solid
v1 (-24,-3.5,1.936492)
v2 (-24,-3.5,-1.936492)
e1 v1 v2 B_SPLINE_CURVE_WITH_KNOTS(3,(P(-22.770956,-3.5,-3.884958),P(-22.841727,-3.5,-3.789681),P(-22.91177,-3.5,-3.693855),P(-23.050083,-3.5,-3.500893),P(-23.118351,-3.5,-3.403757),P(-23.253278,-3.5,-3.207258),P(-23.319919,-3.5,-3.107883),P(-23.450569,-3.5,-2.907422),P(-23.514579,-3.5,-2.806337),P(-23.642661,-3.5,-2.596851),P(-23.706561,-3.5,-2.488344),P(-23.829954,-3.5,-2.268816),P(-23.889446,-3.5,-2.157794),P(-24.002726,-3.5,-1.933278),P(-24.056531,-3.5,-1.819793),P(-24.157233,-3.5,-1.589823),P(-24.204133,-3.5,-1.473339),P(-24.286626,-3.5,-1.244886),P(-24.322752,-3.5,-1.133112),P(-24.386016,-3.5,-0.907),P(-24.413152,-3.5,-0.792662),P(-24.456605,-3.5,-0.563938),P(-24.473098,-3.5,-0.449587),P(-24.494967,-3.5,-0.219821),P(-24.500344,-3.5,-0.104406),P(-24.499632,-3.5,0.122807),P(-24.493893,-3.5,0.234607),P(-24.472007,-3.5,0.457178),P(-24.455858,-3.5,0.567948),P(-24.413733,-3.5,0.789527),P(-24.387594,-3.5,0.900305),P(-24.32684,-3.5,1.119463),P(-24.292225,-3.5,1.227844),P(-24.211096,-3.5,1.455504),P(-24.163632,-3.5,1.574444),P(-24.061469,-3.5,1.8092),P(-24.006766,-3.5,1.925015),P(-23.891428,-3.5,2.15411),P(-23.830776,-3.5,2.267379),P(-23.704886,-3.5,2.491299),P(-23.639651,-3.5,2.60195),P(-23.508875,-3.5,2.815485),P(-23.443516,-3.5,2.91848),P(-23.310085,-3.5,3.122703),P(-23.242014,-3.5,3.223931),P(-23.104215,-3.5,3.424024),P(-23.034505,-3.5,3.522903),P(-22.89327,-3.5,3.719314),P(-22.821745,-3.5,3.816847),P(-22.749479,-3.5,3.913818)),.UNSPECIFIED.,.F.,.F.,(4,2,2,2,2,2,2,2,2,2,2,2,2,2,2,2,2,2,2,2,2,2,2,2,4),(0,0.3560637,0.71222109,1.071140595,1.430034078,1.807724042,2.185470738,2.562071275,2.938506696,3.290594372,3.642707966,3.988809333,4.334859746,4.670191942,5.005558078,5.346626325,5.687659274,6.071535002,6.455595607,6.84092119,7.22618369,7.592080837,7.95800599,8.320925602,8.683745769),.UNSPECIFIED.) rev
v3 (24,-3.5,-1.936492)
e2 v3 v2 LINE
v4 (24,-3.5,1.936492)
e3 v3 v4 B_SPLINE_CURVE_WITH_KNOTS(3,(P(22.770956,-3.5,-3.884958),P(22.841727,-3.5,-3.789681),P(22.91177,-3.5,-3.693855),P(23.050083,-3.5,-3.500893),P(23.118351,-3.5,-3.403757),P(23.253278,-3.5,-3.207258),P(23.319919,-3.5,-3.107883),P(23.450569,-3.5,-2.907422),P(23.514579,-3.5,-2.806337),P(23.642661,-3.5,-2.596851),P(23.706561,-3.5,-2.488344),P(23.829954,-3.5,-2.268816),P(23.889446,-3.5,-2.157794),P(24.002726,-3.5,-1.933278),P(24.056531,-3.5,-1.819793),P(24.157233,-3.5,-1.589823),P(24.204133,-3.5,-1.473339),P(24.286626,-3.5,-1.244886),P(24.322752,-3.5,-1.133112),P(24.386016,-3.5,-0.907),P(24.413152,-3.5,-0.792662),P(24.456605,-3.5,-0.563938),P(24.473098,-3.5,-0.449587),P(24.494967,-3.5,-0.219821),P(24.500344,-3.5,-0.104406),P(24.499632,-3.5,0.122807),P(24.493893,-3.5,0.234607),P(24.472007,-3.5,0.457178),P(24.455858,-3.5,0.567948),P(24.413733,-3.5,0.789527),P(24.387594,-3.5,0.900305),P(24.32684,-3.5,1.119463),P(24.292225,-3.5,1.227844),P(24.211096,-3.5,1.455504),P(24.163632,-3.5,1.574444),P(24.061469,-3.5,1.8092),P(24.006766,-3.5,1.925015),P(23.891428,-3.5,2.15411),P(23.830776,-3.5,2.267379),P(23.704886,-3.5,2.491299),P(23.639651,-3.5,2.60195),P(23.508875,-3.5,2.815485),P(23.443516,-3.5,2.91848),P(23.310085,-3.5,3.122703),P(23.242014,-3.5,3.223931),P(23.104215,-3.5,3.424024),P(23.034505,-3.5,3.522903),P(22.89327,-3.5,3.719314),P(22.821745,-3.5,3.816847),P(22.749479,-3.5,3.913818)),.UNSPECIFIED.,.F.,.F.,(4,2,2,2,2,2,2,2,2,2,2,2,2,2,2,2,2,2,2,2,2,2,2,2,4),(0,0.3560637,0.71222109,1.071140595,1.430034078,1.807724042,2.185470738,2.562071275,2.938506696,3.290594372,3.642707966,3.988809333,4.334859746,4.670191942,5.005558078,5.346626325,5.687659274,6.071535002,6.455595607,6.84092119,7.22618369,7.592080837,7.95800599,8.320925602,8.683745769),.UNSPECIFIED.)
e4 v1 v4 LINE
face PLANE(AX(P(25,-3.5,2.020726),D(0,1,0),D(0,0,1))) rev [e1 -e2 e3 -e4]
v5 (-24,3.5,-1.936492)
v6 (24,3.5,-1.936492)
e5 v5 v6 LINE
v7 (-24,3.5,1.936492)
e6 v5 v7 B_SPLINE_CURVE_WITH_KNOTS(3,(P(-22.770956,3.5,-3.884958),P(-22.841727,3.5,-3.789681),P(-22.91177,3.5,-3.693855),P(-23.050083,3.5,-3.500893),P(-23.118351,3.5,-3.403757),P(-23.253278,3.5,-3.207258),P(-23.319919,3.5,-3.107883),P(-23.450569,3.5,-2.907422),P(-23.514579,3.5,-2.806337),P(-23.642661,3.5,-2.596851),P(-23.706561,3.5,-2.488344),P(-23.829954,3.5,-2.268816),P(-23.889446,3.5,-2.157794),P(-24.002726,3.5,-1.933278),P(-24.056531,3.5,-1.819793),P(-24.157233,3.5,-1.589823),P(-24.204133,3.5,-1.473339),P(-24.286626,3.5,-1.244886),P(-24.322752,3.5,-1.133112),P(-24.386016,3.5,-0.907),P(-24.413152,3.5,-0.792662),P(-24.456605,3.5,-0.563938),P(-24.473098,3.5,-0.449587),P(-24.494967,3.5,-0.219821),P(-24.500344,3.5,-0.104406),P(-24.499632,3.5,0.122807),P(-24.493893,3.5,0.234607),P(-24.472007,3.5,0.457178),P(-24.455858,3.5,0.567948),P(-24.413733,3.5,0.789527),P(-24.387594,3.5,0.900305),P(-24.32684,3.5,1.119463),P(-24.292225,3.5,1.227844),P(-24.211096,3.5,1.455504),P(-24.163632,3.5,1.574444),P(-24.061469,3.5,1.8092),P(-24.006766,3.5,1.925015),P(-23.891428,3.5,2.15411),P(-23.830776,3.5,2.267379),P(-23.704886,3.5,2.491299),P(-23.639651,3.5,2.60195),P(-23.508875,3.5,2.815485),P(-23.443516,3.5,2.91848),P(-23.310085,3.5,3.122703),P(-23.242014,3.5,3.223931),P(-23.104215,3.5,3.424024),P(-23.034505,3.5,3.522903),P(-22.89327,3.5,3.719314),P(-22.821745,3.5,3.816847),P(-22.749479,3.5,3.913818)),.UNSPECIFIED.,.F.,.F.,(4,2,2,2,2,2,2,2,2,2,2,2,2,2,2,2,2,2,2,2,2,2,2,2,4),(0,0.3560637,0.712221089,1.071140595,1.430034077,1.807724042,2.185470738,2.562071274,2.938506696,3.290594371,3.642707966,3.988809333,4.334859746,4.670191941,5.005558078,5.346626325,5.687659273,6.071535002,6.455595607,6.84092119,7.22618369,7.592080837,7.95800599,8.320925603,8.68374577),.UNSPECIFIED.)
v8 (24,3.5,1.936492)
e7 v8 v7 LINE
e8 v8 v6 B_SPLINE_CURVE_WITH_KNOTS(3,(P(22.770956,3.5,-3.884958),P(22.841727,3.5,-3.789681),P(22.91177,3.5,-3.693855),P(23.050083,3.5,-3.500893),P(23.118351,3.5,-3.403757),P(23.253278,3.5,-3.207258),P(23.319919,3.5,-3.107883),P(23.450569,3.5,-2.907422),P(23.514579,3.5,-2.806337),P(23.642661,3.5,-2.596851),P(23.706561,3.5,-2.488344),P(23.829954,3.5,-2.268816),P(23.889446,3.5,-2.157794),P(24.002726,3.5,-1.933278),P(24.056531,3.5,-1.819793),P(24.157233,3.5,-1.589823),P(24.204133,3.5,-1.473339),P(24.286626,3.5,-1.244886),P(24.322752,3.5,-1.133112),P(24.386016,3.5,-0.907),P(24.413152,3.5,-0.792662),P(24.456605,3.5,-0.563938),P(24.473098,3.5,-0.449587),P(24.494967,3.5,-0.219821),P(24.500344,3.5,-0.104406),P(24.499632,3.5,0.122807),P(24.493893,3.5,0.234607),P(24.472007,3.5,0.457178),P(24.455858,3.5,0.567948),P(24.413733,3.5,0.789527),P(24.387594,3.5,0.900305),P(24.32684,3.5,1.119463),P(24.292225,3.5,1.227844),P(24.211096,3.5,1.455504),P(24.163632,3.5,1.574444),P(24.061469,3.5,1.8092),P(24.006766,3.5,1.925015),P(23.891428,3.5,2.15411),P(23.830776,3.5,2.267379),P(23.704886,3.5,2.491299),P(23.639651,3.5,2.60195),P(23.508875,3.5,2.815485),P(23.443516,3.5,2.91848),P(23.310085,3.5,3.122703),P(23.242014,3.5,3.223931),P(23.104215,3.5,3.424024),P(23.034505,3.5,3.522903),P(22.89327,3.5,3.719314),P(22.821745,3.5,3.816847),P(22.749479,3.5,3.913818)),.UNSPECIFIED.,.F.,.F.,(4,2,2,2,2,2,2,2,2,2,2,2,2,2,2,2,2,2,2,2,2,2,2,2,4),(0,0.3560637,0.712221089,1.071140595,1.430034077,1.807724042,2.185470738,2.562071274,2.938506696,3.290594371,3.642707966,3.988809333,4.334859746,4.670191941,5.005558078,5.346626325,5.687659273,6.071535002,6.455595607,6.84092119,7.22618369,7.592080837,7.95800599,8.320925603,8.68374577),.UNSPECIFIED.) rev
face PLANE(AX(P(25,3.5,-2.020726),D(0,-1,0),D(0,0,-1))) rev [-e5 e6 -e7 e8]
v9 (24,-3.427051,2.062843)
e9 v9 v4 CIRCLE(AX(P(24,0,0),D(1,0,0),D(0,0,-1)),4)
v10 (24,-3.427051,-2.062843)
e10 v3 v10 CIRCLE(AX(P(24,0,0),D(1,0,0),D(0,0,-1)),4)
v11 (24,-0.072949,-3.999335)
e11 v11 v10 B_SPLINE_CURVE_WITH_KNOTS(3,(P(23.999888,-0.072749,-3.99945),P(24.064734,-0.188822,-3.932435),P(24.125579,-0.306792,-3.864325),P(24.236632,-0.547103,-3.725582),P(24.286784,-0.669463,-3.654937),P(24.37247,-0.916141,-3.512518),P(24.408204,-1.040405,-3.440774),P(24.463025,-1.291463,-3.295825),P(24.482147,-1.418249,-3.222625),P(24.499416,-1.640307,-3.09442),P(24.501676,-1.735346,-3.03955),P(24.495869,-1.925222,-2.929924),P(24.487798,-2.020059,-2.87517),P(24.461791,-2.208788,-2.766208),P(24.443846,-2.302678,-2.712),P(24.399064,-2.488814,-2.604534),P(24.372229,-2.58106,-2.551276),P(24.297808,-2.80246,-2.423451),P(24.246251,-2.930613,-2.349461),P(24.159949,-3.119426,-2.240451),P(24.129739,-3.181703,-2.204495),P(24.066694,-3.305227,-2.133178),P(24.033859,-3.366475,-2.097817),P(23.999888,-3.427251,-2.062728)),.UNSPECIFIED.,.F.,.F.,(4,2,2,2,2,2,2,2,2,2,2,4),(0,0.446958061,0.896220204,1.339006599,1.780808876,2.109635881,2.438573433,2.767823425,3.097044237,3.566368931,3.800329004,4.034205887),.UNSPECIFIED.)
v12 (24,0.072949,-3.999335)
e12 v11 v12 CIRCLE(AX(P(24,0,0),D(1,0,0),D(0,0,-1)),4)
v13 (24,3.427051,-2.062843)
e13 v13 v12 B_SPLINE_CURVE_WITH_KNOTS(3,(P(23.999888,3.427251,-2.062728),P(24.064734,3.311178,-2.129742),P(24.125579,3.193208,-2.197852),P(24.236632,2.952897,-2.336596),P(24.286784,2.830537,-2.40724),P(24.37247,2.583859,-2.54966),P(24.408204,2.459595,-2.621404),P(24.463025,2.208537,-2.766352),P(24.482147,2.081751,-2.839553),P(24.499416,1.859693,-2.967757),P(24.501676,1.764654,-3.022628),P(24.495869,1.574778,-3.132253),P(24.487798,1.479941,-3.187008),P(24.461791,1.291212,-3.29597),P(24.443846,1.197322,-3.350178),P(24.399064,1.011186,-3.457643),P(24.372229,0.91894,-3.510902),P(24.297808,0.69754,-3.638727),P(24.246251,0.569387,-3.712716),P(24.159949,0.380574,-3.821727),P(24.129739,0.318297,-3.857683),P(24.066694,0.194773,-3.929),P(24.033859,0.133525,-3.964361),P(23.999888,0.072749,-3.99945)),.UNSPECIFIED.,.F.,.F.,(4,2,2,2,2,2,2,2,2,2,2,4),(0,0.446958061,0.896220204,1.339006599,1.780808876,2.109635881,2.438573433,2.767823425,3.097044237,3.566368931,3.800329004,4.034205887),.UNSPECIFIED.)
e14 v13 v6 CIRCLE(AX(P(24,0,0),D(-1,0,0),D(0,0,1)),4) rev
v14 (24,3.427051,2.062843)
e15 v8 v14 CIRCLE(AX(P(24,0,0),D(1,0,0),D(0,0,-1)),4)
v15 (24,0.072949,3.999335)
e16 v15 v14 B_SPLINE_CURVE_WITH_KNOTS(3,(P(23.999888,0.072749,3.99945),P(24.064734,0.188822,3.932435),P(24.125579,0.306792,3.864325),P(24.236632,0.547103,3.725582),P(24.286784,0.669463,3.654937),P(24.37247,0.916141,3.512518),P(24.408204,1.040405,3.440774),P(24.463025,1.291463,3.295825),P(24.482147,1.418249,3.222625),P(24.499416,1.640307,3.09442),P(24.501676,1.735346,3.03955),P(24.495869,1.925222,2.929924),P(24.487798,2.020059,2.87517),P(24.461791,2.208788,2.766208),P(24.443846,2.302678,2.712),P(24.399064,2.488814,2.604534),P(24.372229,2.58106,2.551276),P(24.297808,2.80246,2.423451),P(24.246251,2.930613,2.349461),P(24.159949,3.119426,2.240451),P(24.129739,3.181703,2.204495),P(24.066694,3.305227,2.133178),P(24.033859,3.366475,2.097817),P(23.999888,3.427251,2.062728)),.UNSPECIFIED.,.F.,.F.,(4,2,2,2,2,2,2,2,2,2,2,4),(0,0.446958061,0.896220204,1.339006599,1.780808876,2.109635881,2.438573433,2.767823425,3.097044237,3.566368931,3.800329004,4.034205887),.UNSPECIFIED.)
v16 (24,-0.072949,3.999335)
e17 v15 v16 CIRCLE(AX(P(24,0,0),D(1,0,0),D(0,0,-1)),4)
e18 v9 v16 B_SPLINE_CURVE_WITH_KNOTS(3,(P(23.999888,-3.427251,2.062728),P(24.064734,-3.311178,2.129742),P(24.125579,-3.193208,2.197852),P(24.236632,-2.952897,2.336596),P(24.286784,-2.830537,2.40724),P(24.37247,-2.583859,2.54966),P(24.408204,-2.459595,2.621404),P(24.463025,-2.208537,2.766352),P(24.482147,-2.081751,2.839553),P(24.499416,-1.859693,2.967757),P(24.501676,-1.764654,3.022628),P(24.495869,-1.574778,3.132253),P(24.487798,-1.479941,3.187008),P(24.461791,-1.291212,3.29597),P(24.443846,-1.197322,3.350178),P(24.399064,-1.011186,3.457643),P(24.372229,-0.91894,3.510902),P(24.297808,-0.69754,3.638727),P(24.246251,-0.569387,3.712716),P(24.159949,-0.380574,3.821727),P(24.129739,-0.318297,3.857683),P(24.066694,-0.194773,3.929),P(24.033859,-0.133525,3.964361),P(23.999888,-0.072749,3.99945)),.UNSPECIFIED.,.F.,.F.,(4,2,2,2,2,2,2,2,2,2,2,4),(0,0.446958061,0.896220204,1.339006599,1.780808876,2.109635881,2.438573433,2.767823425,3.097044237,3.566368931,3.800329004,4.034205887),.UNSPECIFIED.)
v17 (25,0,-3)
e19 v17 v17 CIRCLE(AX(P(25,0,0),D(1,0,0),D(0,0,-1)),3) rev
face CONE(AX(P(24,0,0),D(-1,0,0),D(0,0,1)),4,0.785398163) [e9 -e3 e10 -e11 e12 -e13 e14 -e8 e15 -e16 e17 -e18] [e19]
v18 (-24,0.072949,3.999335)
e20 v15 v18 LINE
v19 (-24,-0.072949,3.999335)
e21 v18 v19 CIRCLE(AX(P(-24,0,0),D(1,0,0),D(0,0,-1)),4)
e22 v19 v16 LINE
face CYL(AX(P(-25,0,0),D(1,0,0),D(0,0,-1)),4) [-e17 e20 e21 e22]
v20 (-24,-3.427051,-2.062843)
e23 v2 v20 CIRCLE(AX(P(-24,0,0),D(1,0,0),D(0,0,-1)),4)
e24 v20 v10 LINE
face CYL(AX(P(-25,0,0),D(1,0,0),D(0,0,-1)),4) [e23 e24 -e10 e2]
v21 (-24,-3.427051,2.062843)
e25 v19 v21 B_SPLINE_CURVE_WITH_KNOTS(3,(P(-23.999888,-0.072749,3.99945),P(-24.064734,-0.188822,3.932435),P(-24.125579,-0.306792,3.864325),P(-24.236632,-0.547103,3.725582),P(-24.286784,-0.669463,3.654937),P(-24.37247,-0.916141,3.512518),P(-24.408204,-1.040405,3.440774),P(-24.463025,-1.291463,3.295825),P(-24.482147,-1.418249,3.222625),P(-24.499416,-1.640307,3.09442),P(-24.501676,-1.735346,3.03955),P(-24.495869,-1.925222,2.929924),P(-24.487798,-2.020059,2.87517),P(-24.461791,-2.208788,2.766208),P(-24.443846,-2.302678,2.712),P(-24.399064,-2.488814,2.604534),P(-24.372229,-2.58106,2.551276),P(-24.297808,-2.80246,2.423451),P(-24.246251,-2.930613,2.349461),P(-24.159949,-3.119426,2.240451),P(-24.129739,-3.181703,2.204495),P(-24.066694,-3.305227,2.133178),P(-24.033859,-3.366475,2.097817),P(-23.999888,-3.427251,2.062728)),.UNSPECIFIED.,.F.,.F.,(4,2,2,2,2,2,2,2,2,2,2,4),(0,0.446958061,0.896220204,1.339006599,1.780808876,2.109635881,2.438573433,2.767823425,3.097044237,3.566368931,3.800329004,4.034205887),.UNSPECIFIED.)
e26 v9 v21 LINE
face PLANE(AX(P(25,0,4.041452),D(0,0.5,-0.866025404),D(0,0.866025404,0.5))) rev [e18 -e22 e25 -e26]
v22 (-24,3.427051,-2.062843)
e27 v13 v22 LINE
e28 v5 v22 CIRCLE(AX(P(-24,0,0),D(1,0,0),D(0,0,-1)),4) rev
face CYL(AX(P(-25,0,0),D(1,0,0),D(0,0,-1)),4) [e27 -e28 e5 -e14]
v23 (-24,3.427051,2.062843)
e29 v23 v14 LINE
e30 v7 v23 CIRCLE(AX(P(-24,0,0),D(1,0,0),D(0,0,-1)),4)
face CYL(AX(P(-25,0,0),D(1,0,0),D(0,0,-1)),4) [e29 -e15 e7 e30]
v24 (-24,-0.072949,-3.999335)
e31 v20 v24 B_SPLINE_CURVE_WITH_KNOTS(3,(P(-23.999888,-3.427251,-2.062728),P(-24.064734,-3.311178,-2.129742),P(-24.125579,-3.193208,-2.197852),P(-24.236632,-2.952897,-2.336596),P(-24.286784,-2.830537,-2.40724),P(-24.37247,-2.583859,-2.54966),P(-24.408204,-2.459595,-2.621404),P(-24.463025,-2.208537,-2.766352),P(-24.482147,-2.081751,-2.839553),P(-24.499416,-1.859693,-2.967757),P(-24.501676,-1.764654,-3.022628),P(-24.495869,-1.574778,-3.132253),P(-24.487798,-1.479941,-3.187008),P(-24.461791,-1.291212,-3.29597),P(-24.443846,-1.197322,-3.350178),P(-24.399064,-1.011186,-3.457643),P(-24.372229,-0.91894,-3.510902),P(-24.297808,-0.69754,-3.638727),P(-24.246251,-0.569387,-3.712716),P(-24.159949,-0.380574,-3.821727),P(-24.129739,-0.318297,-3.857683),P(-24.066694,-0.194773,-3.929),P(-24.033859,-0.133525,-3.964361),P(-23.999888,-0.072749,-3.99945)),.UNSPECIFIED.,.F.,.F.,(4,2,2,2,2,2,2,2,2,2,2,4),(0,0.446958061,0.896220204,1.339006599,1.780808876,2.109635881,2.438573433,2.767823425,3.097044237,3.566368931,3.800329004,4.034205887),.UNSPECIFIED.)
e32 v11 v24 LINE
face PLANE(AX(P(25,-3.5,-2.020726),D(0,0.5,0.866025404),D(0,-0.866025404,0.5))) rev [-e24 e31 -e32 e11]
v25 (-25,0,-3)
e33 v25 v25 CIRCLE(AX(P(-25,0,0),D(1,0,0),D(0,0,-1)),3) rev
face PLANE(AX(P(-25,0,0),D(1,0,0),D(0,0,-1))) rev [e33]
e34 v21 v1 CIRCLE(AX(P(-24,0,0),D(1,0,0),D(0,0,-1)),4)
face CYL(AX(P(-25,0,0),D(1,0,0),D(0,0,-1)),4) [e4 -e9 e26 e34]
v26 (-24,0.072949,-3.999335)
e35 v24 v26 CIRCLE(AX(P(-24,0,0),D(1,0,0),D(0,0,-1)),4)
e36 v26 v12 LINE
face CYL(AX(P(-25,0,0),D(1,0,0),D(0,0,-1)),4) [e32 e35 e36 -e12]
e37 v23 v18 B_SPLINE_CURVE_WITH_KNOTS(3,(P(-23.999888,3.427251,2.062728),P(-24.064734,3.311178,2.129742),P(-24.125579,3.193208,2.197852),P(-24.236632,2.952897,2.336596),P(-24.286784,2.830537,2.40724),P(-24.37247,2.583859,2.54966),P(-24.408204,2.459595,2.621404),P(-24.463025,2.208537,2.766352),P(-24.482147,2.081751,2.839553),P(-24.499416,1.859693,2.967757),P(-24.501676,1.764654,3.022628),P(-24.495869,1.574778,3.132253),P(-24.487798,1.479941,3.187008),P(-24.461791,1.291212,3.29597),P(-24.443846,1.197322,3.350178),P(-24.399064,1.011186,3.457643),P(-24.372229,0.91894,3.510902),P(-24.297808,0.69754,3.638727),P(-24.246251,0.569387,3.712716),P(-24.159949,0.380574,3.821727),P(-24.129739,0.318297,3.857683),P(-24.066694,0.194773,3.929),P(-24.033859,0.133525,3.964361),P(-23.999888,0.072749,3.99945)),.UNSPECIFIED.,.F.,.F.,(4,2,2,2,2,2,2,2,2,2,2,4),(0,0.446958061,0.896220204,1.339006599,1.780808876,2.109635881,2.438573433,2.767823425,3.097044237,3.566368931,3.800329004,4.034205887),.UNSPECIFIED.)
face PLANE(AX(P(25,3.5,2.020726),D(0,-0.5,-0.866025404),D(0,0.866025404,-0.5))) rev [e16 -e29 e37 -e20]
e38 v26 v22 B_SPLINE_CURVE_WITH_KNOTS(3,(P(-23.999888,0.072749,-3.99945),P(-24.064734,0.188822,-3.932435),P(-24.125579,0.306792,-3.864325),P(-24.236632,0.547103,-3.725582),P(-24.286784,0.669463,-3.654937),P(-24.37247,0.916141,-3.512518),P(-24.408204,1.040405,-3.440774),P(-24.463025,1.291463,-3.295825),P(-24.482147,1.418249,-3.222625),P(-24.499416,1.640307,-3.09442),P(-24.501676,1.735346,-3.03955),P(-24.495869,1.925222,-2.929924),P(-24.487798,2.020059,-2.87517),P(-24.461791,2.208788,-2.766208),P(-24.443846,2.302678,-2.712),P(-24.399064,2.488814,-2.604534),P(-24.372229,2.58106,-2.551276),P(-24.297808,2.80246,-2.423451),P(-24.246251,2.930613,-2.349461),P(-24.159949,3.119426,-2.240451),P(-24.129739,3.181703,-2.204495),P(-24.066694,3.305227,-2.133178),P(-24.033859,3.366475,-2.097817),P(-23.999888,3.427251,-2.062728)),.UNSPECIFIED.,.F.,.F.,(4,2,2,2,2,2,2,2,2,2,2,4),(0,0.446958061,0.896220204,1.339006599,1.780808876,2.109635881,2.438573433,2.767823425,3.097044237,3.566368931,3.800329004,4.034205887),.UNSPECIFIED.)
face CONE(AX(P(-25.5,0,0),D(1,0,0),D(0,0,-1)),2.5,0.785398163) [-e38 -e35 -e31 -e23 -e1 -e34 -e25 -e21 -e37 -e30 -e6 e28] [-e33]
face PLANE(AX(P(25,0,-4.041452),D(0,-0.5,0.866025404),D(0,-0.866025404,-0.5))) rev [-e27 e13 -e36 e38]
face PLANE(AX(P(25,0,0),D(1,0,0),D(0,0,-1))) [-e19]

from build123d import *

# Parameters (mm, degrees)
EXTRUDE_306_DEPTH          = 25
CUT_EXTRUDE_407_DEPTH      = 26.565275929
CUT_EXTRUDE_407_DEPTH_BACK = 26.565275929
SKETCH_8_R                 = 5
SKETCH_8_R_2               = 4


with BuildPart() as part:
    # 草图1 → Extrude 306 (new, symmetric)
    with BuildSketch(Plane(origin=(0, 0, 0), x_dir=(0, 0, -1), z_dir=(1, 0, 0))):
        Polygon((4.041451884, 0), (2.020725942, 3.5), (-2.020725942, 3.5), (-4.041451884, 0), (-2.020725942, -3.5), (2.020725942, -3.5), align=None)
    extrude(amount=EXTRUDE_306_DEPTH, both=True)

    # 草图8 → Cut-Extrude 407 (cut, two sides: drawn at the far end of the back side and taken through both)
    with BuildSketch(Plane(origin=(0, 0, 0), x_dir=(0, 0, -1), z_dir=(1, 0, 0)).offset(-CUT_EXTRUDE_407_DEPTH_BACK)):
        Circle(SKETCH_8_R)
        Circle(SKETCH_8_R_2, mode=Mode.SUBTRACT)
    extrude(amount=CUT_EXTRUDE_407_DEPTH + CUT_EXTRUDE_407_DEPTH_BACK, mode=Mode.SUBTRACT)

    # 草图10 → Cut-Revolve 708 (revolve, cut)
    with BuildSketch(Plane.XY, mode=Mode.PRIVATE) as cut_revolve_708_sk:
        Polygon((-25.5, 4), (-24, 4), (-25.5, 2.5), align=None)
        Polygon((24, 4), (25.5, 2.5), (25.5, 4), align=None)
    revolve(cut_revolve_708_sk.sketch.rotate(Axis((25, 0, 0), (-1, 0, 0)), 268.955024372), axis=Axis((25, 0, 0), (-1, 0, 0)), mode=Mode.SUBTRACT)


solid = part.part
